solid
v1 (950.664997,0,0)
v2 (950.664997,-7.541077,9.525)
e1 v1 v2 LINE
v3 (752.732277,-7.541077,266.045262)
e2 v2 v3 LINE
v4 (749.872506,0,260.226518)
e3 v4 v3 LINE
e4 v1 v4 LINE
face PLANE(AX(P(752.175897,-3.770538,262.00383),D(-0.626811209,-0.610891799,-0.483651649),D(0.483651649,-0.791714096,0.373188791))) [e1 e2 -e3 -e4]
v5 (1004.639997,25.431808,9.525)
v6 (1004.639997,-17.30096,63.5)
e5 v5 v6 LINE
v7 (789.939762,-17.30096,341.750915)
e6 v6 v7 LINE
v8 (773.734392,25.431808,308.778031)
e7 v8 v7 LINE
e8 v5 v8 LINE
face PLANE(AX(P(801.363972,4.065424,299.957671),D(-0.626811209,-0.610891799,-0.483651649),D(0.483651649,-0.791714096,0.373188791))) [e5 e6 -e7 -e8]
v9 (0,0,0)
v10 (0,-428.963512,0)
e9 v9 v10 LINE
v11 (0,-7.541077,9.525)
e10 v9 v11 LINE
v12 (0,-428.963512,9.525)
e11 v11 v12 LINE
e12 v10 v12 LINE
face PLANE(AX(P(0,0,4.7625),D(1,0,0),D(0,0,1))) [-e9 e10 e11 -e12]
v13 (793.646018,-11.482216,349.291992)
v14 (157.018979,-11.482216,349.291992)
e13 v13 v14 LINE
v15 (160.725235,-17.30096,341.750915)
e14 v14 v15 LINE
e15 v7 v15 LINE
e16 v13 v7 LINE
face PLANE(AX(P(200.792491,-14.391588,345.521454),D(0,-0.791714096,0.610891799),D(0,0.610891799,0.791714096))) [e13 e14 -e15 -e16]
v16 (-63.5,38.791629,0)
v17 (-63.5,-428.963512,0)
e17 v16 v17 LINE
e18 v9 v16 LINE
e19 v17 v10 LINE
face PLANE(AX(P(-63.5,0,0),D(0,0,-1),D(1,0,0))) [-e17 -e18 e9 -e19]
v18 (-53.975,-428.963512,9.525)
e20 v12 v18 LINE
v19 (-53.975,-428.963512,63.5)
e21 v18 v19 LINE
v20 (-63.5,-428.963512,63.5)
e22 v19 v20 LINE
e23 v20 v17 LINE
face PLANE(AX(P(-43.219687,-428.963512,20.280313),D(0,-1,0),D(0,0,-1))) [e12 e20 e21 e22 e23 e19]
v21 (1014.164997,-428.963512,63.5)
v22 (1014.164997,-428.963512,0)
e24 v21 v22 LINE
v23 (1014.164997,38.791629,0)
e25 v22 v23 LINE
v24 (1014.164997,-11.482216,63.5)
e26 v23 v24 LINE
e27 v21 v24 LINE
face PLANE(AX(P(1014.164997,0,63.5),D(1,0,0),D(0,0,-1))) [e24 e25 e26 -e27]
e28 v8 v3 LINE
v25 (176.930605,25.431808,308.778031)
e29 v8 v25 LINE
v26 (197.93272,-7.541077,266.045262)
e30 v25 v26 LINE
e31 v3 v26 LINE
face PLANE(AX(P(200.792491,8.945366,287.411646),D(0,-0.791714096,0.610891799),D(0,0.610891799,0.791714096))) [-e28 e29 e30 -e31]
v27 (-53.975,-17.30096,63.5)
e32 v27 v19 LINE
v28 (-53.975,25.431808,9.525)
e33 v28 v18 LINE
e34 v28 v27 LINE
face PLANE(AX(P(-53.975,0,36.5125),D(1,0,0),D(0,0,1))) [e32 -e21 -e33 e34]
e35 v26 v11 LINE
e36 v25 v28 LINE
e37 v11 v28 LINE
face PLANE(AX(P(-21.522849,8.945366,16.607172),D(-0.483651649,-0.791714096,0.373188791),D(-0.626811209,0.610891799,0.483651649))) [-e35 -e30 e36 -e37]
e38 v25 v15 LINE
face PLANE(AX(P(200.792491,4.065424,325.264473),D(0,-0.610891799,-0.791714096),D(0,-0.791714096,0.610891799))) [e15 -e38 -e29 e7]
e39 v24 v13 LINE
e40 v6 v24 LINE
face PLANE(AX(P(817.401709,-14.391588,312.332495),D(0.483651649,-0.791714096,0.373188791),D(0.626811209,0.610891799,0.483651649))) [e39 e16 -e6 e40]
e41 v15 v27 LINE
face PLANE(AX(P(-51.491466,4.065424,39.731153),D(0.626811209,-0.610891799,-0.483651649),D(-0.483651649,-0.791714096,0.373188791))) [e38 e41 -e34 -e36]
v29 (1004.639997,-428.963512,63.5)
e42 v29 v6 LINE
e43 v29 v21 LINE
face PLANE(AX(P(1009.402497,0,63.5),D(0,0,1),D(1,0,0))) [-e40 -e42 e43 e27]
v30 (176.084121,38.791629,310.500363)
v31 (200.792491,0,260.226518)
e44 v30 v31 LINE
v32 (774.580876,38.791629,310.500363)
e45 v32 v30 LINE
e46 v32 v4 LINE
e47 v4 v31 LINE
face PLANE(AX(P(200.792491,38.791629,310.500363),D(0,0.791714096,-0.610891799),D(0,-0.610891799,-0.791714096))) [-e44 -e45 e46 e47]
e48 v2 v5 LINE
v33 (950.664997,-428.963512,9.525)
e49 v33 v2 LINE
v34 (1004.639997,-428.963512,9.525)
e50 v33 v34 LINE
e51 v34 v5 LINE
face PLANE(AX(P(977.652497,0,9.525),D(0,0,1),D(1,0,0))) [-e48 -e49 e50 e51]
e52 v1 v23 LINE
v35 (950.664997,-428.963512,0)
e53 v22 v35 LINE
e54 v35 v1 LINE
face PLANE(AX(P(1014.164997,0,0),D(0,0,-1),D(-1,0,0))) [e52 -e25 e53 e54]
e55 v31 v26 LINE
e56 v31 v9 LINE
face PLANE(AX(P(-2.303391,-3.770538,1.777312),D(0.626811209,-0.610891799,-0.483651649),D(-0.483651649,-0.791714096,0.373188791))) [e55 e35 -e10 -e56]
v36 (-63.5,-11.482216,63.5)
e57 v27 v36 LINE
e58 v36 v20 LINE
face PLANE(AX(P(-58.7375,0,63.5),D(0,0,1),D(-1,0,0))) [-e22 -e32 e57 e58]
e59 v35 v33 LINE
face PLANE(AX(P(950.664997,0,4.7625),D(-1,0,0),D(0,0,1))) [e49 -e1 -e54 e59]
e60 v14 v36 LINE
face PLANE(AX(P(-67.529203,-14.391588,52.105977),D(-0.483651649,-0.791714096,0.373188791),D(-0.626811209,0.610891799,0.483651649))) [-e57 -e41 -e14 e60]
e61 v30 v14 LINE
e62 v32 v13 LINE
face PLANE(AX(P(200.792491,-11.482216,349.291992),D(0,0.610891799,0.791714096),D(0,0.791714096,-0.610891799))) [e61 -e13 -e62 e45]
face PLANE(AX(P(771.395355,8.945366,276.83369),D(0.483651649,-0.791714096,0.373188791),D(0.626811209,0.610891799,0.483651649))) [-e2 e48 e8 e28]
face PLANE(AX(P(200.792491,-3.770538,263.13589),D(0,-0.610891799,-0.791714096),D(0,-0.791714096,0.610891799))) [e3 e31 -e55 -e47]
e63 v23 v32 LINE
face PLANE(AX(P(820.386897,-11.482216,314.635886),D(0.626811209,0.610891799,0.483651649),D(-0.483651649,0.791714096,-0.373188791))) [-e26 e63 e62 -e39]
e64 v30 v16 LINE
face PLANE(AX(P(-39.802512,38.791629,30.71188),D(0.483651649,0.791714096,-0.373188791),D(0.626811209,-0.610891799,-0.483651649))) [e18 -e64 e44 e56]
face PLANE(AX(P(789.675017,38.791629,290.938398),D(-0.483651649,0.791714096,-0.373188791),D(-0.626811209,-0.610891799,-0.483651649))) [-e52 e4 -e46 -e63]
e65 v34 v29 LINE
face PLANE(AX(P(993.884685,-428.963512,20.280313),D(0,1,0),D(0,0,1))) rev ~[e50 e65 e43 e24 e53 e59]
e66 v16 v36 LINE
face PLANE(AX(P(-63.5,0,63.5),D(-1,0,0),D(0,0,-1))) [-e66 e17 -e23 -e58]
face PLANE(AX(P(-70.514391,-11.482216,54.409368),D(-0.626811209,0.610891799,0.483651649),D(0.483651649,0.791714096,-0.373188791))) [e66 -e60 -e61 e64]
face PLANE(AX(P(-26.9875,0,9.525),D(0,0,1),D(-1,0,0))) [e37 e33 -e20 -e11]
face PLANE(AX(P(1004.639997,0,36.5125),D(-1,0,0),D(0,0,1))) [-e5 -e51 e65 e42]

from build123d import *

# Parameters (mm, degrees)
F3_W   = 53.975
F3_H   = 9.525
F3_W_2 = 9.525
F3_H_2 = 53.975


with BuildPart() as f4:
    # F4: sweep along a path in F1, F0, F1
    with BuildLine(Plane.XY) as f4_path:
        Line((0, 0), (0, -428.9635121822))
    with BuildLine(Plane.XZ) as f4_path_2:
        Line((0, 0), (200.792491436, 260.2265179157))
        Line((200.792491436, 260.2265179157), (475.3324985504, 260.2265179157))
        Line((475.3324985504, 260.2265179157), (749.8725056648, 260.2265179157))
        Line((749.8725056648, 260.2265179157), (950.6649971008, 0))
    with BuildLine(Plane.XY) as f4_path_3:
        Line((950.6649971008, 0), (950.6649971008, -428.9635121822))
    # F3 (on plane+point) → F4 (sweep)
    with BuildSketch(Plane.XZ.offset(428.9635121822)):
        with Locations((-26.9875, 4.7625)):
            Rectangle(F3_W, F3_H)
        with Locations((-58.7375, 36.5125)):
            Rectangle(F3_W_2, F3_H_2)
        with Locations((-58.7375, 4.7625)):
            Rectangle(F3_W_2, F3_H)
    sweep(path=f4_path.line + f4_path_2.line + f4_path_3.line, transition=Transition.RIGHT)


solid = f4.part
